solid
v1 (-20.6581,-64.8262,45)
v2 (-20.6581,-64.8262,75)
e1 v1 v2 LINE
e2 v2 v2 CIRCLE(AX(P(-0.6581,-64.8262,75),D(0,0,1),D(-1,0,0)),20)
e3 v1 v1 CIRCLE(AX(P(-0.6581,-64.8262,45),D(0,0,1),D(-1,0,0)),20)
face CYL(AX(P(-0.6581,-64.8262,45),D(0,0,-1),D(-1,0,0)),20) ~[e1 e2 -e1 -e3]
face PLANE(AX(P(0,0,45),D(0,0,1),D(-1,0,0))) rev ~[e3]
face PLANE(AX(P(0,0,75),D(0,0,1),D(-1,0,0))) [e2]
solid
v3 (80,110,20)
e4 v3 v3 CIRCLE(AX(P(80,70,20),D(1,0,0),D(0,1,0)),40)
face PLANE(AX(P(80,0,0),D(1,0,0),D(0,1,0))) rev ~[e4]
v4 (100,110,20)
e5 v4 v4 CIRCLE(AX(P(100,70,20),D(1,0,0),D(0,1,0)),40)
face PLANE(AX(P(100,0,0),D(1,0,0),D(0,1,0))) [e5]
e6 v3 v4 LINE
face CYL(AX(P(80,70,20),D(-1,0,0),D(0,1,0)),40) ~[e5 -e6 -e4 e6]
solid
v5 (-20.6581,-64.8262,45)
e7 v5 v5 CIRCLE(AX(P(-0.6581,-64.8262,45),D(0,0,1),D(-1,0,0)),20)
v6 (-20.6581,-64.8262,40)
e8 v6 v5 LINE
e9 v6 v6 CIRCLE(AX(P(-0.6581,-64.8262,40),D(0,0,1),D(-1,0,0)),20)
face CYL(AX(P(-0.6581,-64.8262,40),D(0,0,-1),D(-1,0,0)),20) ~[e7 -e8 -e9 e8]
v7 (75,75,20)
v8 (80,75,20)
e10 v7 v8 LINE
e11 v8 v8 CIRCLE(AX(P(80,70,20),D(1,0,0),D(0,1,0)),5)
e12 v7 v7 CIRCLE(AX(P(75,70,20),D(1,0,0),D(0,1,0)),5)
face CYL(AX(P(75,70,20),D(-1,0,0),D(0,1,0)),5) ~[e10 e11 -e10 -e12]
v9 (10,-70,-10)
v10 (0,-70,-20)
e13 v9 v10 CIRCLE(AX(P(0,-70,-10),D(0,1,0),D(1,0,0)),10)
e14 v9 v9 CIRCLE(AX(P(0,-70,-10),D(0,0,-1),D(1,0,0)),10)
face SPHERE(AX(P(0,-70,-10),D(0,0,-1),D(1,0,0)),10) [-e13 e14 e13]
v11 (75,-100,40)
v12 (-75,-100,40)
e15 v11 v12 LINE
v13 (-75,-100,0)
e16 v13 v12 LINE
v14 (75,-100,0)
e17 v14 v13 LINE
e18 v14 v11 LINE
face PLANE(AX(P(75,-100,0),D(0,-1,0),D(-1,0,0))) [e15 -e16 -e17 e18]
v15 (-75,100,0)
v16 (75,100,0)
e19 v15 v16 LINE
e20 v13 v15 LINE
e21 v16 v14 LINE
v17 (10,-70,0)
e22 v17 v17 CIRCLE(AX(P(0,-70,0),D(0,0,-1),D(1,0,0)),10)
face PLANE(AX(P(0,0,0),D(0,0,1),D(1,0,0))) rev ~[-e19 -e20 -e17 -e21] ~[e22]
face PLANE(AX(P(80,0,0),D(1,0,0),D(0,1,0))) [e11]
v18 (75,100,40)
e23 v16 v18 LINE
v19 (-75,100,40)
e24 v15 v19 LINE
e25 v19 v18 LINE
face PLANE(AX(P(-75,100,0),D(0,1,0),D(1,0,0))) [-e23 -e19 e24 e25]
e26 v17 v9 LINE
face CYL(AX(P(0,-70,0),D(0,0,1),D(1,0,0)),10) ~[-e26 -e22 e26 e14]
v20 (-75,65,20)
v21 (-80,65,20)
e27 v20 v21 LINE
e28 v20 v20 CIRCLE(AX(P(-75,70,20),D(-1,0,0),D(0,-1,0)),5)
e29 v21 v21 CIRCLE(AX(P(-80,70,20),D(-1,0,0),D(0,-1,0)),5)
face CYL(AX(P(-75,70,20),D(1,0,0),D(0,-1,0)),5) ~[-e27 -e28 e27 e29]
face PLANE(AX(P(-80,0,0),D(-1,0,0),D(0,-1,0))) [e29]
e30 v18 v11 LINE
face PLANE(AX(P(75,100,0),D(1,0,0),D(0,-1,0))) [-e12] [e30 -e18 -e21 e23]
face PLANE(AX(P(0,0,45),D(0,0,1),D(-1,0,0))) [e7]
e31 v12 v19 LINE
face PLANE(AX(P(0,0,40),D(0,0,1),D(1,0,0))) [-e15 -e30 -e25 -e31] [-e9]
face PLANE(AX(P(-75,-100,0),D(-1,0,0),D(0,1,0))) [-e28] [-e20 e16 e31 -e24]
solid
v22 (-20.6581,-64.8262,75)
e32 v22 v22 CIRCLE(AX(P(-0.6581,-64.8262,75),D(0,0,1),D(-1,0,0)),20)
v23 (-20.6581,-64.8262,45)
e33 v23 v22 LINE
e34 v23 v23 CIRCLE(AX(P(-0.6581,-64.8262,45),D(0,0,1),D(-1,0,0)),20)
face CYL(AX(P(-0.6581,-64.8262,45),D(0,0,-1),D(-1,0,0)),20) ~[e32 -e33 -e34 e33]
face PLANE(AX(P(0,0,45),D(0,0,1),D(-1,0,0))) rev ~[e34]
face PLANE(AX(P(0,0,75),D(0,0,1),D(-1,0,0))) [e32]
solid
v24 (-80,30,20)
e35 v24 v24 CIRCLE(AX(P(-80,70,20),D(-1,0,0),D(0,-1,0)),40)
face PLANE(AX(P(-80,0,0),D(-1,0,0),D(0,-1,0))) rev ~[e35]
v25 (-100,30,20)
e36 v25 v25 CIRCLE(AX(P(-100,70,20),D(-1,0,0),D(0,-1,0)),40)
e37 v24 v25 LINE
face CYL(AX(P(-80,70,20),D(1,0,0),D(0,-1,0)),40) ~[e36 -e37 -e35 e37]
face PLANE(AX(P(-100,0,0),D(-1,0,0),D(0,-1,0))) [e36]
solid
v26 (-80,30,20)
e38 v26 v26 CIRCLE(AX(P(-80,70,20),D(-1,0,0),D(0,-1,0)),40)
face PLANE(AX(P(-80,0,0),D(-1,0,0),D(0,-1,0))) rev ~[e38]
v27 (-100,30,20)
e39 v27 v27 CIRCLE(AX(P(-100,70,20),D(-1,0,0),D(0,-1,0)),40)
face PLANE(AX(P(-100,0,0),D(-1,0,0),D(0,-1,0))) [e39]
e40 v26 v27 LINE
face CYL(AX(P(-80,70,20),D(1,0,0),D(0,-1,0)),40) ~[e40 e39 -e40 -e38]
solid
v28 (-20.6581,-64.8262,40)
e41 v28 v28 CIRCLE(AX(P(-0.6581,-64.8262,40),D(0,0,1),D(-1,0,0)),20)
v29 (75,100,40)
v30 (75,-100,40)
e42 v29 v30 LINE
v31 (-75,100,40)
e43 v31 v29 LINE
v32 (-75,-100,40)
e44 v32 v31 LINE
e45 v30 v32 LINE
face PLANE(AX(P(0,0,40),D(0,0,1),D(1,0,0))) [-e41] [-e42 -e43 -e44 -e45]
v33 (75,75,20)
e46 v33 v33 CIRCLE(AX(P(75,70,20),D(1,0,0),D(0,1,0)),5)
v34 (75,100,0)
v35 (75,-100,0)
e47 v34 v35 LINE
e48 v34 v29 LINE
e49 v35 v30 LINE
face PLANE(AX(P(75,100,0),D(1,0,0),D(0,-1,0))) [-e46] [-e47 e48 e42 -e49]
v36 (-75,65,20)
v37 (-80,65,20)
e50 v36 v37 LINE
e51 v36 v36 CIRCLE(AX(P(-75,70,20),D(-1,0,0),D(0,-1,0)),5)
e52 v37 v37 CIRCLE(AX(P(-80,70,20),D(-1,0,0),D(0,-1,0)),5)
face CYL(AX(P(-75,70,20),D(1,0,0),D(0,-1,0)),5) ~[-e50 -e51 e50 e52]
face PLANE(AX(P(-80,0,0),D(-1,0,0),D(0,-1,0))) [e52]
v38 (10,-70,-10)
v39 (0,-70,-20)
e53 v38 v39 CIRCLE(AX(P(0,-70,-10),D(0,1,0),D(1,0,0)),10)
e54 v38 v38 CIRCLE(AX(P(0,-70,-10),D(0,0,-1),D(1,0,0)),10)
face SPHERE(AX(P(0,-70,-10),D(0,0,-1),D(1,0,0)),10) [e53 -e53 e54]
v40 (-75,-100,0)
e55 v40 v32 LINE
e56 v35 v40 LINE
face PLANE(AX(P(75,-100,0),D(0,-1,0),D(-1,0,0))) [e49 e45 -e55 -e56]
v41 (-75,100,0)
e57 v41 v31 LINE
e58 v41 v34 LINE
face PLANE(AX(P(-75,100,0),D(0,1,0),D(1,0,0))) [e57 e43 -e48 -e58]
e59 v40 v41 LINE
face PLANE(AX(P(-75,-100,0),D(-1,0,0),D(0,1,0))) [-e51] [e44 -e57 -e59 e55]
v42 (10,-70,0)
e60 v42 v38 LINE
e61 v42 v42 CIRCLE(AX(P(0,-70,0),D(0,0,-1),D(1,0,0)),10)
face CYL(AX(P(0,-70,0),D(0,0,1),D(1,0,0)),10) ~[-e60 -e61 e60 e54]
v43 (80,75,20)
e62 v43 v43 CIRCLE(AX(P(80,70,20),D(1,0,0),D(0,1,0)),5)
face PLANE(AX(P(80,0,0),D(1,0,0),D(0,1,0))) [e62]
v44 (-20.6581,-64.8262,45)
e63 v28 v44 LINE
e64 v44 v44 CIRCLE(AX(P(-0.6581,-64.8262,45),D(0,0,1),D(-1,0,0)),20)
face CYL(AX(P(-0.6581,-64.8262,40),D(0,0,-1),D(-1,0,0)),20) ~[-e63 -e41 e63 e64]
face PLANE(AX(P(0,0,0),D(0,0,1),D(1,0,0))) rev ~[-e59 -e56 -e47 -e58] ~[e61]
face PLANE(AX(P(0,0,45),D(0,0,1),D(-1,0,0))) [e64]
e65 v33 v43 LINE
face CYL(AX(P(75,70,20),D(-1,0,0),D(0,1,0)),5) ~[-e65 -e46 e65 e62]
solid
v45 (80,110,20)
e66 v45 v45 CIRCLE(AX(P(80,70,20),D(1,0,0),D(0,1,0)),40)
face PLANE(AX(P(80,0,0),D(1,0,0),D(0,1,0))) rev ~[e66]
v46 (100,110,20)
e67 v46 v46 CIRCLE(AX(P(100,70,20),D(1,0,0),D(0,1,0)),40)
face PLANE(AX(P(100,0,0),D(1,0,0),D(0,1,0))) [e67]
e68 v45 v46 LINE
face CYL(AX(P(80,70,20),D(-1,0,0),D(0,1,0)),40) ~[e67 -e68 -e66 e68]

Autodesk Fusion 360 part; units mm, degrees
sketch "Sketch1" plane through (0, 0, 0) normal (0, 0, 1) x (1, 0, 0)
  line L0 (75, -100) -> (-75, -100)
  line L1 (-75, -100) -> (-75, 100)
  line L2 (-75, 100) -> (75, 100)
  line L3 (75, 100) -> (75, -100)
  line L4 (75, -100) -> (-75, 100) construction
  line L5 (-75, -100) -> (75, 100) construction
  dimension "d1" = 200
  dimension "d2" = 150
extrude "Extrude1" add sketch "Sketch1" along normal blind 40 makes body 1
sketch "Sketch2" plane through (75, 0, 0) normal (1, 0, 0) x (0, 1, 0)
  line L0 (-100, 0) -> (100, 0)
  line L1 (100, 0) -> (100, 40)
  line L2 (100, 40) -> (-100, 40)
  line L3 (-100, 40) -> (-100, 0)
  circle A0 centre (70, 20) radius 5
  dimension "d5" = 10
sketch "Sketch3" plane through (-75, 0, 0) normal (-1, 0, 0) x (0, -1, 0)
  line L0 (-100, 0) -> (100, 0)
  line L1 (100, 0) -> (100, 40)
  line L2 (100, 40) -> (-100, 40)
  line L3 (-100, 40) -> (-100, 0)
  circle A0 centre (-70, 20) radius 5
  dimension "d6" = 10
extrude "Extrude2" add sketch "Sketch2" along normal blind 5 contours A0 bodies 1
extrude "Extrude3" add sketch "Sketch3" along normal blind 5 contours A0 bodies 1
sketch "Sketch4" plane through (80, 0, 0) normal (1, 0, 0) x (0, 1, 0)
  circle A0 centre (70, 20) radius 5
sketch "Sketch5" plane through (80, 0, 0) normal (1, 0, 0) x (0, 1, 0)
  circle A0 centre (70, 20) radius 40
  dimension "d11" = 80
extrude "Extrude4" add sketch "Sketch5" sketch "Sketch4" along normal blind 20 separate body of sketch 2 makes body 2
sketch "Sketch6" plane through (-80, 0, 0) normal (-1, 0, 0) x (0, -1, 0)
  circle A0 centre (-70, 20) radius 5
  circle A1 centre (-70, 20) radius 40
  dimension "d14" = 80
extrude "Extrude5" add sketch "Sketch6" along normal blind 20 separate body contours A0 | A1 makes body 3
sketch "Sketch7" plane through (0, 0, 0) normal (0, 0, -1) x (1, 0, 0)
  line L0 (-75, -100) -> (75, -100)
  line L1 (75, -100) -> (75, 100)
  line L2 (75, 100) -> (-75, 100)
  line L3 (-75, 100) -> (-75, -100)
  circle A0 centre (0, 70) radius 10
  dimension "d17" = 20
extrude "Extrude6" add sketch "Sketch7" along normal blind 20 contours A0 bodies 1
fillet "Fillet1" radius 10 1 faces at (3.0744, -69.5032, -20) on bodies 1
sketch "Sketch8" plane through (0, 0, 40) normal (0, 0, 1) x (-1, 0, 0)
  line L0 (-75, -100) -> (75, -100)
  line L1 (75, -100) -> (75, 100)
  line L2 (75, 100) -> (-75, 100)
  line L3 (-75, 100) -> (-75, -100)
  circle A0 centre (0.6581, 64.8262) radius 20
  dimension "d22" = 40
extrude "Extrude7" add sketch "Sketch8" along normal blind 5 contours A0 bodies 1
extrude "Extrude8" add 1 faces at (-8.4731, -58.1782, 45) along direction (0, 0, 1) blind 30 separate body on bodies 1 makes body 4
copy_body "Body->Comp1" bodies 1 removing the originals makes body 5 in component "old_component"
copy_body "Body->Comp2" bodies 2 removing the originals makes body 6 in component "old_component (1)"
copy_body "Body->Comp3" bodies 3 removing the originals makes body 7 in component "old_component (2)"
copy_body "Body->Comp4" bodies 4 removing the originals makes body 8 in component "old_component (3)"
copy_body "CopyPasteBodies1" bodies 5 makes body 9 in component "base_link"
copy_body "CopyPasteBodies1'" bodies 6 makes body 10 in component "left_wheel_1"
copy_body "CopyPasteBodies1''" bodies 7 makes body 11 in component "right_wheel_1"
copy_body "CopyPasteBodies1'''" bodies 8 makes body 12 in component "lidar_1"
component "old_component" placed x (1, 0, 0) y (0, 1, 0) z (0, 0, 1) at (0, 0, 0)
component "old_component (1)" placed x (1, 0, 0) y (0, 1, 0) z (0, 0, 1) at (0, 0, 0)
component "old_component (2)" placed x (1, 0, 0) y (0, 1, 0) z (0, 0, 1) at (0, 0, 0)
component "old_component (3)" placed x (1, 0, 0) y (0, 1, 0) z (0, 0, 1) at (0, 0, 0)
component "base_link" placed x (1, 0, 0) y (0, 1, 0) z (0, 0, 1) at (0, 0, 0)
component "left_wheel_1" placed x (1, 0, 0) y (0, 1, 0) z (0, 0, 1) at (0, 0, 0)
component "right_wheel_1" placed x (1, 0, 0) y (0, 1, 0) z (0, 0, 1) at (0, 0, 0)
component "lidar_1" placed x (1, 0, 0) y (0, 1, 0) z (0, 0, 1) at (0, 0, 0)
